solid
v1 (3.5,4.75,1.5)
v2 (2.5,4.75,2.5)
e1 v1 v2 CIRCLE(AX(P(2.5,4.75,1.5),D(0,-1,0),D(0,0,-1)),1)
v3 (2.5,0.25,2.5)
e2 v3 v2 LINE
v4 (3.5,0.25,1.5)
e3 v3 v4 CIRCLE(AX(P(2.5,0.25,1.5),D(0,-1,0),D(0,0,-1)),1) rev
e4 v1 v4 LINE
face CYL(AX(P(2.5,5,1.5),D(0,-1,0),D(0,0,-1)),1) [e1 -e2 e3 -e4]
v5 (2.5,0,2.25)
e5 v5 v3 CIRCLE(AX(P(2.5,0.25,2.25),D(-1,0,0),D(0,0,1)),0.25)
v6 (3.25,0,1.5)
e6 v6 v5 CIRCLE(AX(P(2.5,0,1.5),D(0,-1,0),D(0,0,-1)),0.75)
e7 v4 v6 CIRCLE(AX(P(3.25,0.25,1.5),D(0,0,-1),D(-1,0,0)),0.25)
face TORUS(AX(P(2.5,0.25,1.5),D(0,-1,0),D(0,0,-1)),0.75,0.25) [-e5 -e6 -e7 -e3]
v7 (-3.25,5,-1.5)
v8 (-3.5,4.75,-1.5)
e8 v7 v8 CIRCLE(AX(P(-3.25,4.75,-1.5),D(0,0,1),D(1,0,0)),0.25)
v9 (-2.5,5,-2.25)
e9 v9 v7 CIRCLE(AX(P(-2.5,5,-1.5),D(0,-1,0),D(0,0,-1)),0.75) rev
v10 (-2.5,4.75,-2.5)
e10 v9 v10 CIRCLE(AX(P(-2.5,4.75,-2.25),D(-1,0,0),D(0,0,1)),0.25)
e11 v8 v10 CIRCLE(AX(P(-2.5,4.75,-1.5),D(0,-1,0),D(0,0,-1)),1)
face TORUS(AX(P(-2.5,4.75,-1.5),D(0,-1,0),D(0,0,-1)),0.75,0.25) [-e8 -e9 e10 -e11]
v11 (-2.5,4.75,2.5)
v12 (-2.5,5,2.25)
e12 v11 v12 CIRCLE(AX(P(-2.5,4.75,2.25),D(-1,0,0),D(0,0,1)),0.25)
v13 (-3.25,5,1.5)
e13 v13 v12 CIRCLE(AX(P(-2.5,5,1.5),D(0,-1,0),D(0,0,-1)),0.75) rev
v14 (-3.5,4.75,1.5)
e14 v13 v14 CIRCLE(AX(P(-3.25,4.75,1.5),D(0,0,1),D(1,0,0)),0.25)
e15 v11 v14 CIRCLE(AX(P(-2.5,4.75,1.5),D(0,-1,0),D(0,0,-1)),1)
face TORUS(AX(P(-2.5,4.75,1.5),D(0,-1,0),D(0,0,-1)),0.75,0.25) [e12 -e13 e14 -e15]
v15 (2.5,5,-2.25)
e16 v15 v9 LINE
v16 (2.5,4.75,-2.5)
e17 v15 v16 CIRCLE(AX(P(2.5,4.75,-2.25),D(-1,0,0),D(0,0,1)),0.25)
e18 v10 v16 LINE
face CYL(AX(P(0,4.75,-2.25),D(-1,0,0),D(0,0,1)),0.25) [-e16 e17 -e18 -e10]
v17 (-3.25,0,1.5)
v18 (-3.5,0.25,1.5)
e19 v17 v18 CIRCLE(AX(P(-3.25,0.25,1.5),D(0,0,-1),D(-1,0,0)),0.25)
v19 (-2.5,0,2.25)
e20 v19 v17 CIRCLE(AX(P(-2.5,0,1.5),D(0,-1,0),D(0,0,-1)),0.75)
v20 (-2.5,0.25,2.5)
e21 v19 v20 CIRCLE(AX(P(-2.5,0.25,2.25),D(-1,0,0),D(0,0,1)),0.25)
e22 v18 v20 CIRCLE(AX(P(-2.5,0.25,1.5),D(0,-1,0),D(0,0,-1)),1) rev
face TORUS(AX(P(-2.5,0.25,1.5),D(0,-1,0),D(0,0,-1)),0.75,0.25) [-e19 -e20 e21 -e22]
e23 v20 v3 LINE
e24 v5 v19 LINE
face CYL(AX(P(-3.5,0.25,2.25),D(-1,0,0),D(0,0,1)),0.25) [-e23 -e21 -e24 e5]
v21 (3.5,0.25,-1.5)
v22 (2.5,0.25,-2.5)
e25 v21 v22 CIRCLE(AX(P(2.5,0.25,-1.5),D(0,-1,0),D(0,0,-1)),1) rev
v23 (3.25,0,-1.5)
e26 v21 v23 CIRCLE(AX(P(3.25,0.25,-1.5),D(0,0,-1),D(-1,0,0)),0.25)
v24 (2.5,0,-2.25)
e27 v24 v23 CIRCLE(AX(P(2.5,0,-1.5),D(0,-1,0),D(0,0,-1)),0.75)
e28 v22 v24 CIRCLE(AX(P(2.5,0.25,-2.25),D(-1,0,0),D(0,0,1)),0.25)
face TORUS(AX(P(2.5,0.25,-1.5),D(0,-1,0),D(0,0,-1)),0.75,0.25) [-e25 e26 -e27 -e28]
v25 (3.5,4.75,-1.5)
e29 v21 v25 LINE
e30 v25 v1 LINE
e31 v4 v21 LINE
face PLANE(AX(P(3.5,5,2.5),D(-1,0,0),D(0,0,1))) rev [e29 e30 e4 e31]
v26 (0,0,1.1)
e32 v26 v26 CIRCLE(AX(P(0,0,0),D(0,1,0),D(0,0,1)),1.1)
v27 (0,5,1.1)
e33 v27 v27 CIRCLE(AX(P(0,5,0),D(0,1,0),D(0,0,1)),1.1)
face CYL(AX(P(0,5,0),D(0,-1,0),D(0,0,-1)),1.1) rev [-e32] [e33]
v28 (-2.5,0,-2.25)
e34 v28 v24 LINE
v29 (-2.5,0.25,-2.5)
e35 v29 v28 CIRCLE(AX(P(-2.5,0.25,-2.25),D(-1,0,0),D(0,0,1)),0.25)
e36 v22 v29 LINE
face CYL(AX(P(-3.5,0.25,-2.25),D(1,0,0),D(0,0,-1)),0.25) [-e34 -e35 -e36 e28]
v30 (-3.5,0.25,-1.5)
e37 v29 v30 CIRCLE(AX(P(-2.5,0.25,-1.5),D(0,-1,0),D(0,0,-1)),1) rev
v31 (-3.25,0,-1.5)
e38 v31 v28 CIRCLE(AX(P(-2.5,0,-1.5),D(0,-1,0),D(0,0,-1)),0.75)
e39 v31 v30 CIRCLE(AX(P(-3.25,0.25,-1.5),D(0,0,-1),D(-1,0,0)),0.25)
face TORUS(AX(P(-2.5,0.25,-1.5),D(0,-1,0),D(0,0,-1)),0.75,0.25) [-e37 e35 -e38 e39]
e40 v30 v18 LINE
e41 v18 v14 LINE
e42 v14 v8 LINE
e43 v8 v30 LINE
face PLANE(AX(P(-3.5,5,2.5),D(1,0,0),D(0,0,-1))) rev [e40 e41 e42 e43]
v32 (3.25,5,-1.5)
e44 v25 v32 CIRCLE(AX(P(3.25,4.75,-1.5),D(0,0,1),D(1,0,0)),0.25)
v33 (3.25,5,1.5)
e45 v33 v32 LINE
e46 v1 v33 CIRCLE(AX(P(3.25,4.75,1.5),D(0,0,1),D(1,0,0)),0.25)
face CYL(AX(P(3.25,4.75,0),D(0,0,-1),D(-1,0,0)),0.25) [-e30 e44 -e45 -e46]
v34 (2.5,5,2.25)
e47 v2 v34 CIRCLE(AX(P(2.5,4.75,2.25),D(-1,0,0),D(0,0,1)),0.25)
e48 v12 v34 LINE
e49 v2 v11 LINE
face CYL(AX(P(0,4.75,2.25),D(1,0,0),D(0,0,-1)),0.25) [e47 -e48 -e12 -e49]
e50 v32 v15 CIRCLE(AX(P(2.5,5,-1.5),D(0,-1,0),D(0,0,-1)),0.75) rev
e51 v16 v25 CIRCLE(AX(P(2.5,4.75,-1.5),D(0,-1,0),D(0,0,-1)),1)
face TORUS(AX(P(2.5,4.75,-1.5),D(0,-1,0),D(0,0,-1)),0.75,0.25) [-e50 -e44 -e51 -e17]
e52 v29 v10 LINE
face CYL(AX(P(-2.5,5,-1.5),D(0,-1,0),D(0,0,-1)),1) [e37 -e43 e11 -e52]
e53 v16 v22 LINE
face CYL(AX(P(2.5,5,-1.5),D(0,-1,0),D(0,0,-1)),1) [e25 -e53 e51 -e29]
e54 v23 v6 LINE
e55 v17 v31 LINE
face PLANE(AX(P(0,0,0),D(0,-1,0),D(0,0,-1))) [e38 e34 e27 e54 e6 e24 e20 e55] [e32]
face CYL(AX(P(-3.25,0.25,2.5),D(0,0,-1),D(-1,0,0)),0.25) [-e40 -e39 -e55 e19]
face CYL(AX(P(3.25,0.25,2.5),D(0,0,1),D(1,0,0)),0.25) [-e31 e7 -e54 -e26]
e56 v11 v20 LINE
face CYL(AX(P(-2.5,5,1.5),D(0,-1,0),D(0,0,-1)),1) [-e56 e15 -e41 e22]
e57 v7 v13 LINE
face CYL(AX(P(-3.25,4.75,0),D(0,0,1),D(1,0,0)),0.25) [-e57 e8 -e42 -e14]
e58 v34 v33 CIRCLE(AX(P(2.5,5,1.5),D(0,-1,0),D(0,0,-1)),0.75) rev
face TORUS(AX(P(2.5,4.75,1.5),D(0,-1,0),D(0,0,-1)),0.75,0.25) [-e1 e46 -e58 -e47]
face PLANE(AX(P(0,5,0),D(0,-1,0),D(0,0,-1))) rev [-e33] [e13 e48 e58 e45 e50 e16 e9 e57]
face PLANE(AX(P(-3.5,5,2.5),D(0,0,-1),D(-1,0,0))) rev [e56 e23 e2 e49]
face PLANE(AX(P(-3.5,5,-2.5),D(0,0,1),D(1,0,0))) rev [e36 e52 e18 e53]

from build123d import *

# Parameters (mm, degrees)
SKETCH_1_W      = 7
SKETCH_1_H      = 5
SKETCH_1_R      = 1.1
EXTRUDE_1_DEPTH = 5
FILLET_2_R      = 1
FILLET_1_R      = 0.25


with BuildPart() as part:
    # 草图1 → 凸台-拉伸1 (new body)
    with BuildSketch(Plane(origin=(0, 0, 0), x_dir=(1, 0, 0), z_dir=(0, 1, 0))):
        Rectangle(SKETCH_1_W, SKETCH_1_H)
        with Locations(Location((0, 0, 0), (0, 0, 270))):
            Circle(SKETCH_1_R, mode=Mode.SUBTRACT)
    extrude(amount=EXTRUDE_1_DEPTH)

    # 圆角2
    fillet_2_edges = [part.edges().sort_by_distance(p)[0] for p in [
        (3.5, 2.5, 2.5),
        (-3.5, 2.5, 2.5),
        (-3.5, 2.5, -2.5),
        (3.5, 2.5, -2.5),
    ]]
    fillet(fillet_2_edges, radius=FILLET_2_R)

    # 圆角1
    fillet_1_edges = [part.edges().sort_by_distance(p)[0] for p in [
        (0, 0, -2.5),
        (0, 5, -2.5),
        (3.5, 0, 0),
        (0, 0, 2.5),
        (-3.5, 0, 0),
        (-3.207106781, 0, -2.207106781),
        (-3.207106781, 0, 2.207106781),
        (3.207106781, 0, 2.207106781),
        (3.207106781, 0, -2.207106781),
        (3.5, 5, 0),
        (-3.5, 5, 0),
        (0, 5, 2.5),
        (-3.207106781, 5, -2.207106781),
        (-3.207106781, 5, 2.207106781),
        (3.207106781, 5, 2.207106781),
        (3.207106781, 5, -2.207106781),
    ]]
    fillet(fillet_1_edges, radius=FILLET_1_R)


solid = part.part
